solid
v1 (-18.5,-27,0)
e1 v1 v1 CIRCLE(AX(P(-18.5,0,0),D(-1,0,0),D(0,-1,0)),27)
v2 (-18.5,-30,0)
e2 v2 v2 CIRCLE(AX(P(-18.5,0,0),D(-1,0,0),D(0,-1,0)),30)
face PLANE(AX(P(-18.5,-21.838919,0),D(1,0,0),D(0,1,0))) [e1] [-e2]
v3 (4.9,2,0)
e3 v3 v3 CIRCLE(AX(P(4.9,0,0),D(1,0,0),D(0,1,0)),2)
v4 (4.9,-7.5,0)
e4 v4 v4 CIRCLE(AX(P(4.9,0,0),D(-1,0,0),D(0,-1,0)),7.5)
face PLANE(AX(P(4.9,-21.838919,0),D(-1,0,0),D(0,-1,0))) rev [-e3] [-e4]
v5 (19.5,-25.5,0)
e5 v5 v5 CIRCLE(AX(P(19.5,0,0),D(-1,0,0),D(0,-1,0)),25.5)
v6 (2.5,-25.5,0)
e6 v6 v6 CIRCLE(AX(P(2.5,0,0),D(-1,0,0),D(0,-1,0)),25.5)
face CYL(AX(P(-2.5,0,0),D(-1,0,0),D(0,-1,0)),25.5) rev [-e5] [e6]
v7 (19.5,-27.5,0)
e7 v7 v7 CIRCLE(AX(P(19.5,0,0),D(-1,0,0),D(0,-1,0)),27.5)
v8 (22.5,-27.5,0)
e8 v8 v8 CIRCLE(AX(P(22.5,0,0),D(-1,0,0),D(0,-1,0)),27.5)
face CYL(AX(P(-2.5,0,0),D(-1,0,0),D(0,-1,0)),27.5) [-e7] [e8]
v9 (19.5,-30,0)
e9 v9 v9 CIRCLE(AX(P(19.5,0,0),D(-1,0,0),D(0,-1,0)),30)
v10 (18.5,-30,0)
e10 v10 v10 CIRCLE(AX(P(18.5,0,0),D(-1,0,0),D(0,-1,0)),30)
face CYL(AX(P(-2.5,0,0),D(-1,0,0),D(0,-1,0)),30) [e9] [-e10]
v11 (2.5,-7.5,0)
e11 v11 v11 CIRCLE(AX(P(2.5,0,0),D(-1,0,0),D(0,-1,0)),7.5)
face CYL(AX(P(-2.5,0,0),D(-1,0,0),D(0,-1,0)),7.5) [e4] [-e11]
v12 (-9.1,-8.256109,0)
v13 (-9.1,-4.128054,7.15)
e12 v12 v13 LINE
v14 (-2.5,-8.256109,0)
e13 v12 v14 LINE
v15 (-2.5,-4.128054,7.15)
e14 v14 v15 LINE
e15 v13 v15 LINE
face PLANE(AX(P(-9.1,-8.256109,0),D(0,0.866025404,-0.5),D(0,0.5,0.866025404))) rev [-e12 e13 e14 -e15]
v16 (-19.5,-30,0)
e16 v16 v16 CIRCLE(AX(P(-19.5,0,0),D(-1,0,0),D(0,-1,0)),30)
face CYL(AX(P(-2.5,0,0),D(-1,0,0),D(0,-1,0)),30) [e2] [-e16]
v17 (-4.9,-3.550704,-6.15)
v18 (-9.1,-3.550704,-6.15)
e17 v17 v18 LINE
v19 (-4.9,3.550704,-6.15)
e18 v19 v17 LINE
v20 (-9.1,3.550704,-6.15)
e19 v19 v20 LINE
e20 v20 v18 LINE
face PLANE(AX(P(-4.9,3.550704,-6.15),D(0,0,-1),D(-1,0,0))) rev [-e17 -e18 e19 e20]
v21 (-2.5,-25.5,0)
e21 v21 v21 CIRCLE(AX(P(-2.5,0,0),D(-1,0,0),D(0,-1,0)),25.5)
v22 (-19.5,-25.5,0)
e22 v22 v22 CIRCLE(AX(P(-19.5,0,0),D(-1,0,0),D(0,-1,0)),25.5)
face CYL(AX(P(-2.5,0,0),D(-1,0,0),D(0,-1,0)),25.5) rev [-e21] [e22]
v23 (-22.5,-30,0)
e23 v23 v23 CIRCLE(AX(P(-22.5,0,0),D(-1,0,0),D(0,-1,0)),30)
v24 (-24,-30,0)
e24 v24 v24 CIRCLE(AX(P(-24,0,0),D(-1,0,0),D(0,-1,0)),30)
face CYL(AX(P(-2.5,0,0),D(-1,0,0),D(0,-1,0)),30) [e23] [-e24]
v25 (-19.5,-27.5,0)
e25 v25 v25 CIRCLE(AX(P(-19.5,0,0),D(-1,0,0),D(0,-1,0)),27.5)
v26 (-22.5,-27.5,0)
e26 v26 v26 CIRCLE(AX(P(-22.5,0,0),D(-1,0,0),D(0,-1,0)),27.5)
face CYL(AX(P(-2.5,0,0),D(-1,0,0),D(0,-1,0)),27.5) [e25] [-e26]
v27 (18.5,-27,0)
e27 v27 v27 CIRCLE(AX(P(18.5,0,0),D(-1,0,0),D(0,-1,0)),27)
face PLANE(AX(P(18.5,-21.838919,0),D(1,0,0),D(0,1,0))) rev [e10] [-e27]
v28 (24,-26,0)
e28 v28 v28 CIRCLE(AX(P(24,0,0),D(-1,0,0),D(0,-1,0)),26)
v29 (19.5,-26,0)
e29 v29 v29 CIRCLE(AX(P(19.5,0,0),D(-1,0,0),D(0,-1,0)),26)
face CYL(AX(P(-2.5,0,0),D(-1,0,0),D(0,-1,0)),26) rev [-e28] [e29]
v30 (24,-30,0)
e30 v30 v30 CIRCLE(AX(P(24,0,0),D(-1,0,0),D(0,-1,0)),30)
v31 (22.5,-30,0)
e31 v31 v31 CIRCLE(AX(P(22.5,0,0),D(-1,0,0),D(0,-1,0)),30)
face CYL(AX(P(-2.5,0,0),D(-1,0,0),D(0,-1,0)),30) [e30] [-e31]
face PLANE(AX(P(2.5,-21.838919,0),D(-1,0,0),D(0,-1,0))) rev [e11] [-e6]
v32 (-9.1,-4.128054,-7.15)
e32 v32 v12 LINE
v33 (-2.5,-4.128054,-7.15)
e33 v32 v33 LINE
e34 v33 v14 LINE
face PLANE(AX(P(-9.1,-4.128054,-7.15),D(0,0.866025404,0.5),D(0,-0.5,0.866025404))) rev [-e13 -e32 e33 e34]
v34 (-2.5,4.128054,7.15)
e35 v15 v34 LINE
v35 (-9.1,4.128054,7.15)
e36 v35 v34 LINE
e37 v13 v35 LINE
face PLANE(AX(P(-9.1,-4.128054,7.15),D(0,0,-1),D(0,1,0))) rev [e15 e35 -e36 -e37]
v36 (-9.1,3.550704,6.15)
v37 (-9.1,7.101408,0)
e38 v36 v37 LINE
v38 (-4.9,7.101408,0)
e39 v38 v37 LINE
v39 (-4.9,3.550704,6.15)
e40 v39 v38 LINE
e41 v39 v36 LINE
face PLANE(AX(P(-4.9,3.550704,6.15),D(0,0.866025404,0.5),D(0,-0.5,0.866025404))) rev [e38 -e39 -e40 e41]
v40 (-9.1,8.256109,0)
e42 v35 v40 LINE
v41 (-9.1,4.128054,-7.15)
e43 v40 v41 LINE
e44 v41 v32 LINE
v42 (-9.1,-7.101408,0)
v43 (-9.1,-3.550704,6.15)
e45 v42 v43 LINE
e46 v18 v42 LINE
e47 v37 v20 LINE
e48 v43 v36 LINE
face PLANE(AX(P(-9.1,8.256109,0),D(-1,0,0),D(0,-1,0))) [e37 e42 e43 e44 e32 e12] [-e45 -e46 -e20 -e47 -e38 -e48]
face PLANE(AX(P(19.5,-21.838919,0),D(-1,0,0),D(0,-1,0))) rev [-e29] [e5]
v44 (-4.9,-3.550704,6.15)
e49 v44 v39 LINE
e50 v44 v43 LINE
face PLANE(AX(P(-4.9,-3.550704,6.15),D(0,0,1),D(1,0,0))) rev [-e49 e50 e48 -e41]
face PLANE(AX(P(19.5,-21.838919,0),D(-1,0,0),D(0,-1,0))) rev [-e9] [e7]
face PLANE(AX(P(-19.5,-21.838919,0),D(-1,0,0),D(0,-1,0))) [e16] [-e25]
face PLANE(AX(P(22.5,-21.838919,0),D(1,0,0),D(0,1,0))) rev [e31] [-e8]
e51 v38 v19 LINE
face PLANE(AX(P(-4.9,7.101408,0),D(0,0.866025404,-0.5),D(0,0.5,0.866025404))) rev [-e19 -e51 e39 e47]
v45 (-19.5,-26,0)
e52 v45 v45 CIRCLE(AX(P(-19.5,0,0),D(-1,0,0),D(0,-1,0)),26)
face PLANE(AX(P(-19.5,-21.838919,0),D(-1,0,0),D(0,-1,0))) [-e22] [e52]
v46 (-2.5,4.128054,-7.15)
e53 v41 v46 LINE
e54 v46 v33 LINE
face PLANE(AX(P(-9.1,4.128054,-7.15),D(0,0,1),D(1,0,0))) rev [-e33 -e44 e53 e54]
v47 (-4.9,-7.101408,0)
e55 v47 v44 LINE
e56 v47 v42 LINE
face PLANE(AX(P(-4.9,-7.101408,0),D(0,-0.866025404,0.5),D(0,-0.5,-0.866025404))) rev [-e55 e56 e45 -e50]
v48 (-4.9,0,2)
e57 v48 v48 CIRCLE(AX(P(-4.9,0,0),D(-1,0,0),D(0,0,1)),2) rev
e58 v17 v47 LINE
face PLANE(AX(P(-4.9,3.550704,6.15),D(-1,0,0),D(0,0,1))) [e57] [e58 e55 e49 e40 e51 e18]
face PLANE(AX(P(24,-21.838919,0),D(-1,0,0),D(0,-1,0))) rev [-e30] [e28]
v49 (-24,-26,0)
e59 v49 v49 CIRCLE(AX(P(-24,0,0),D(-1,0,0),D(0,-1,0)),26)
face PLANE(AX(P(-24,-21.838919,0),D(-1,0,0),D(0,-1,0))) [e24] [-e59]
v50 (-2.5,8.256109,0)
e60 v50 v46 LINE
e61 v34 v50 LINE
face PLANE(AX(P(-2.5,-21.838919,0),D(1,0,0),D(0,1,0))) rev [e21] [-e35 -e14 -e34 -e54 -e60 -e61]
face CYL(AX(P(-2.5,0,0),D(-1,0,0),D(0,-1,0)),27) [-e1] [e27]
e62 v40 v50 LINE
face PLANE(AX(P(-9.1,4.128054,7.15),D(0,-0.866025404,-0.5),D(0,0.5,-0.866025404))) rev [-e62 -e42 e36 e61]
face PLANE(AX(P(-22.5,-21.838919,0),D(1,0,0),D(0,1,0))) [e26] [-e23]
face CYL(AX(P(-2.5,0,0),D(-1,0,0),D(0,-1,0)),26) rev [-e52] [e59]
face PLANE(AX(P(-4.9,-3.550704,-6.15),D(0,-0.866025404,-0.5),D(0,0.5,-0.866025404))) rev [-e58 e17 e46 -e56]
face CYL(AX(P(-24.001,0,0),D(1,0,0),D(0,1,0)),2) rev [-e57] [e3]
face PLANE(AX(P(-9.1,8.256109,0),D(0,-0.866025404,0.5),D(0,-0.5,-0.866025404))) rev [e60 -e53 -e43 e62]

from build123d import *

# Parameters (mm, degrees)
CORTAR_EXTRUIR1_REACH   = 53.334
CROQUIS2_R              = 2
CROQUIS3_R              = 2
SALIENTE_EXTRUIR1_DEPTH = 6.6
CORTAR_EXTRUIR2_DEPTH   = 4.2


with BuildPart() as part:
    # Croquis1 → Revolución1 (revolve)
    with BuildSketch(Plane.XY, mode=Mode.PRIVATE) as revoluci_n1_sk:
        Polygon((-2.5, 7.5), (-2.5, 0), (4.9, 0), (4.9, 7.5), (2.5, 7.5), (2.5, 25.5), (19.5, 25.5), (19.5, 26), (24, 26), (24, 30), (22.5, 30), (22.5, 27.5), (19.5, 27.5), (19.5, 30), (18.5, 30), (18.5, 27), (-18.5, 27), (-18.5, 30), (-19.5, 30), (-19.5, 27.5), (-22.5, 27.5), (-22.5, 30), (-24, 30), (-24, 26), (-19.5, 26), (-19.5, 25.5), (-2.5, 25.5), align=None)
    revolve(revoluci_n1_sk.sketch.rotate(Axis((-2.5, 0, 0), (1, 0, 0)), 180), axis=Axis((-2.5, 0, 0), (1, 0, 0)))

    # Croquis2 → Cortar-Extruir1 (cut, up to next)
    with BuildSketch(Plane(origin=(4.9, 0, 0), x_dir=(0, 0, -1), z_dir=(1, 0, 0)), mode=Mode.PRIVATE) as cortar_extruir1_sk1:
        with Locations(Location((0, 0, 0), (0, 0, 90))):
            Circle(CROQUIS2_R)
    cortar_extruir1_tool1 = extrude(cortar_extruir1_sk1.sketch, amount=-CORTAR_EXTRUIR1_REACH, mode=Mode.PRIVATE) & part.part
    add(cortar_extruir1_tool1.solids().sort_by_distance((4.9, 0, 0))[0], mode=Mode.SUBTRACT)

    # Croquis3 → Saliente-Extruir1 (add)
    with BuildSketch(Plane.ZY.offset(2.5)):
        Polygon((0, 8.256108849), (-7.15, 4.128054425), (-7.15, -4.128054425), (0, -8.256108849), (7.15, -4.128054425), (7.15, 4.128054425), align=None)
        with Locations(Location((0, 0, 0), (0, 0, 90))):
            Circle(CROQUIS3_R, mode=Mode.SUBTRACT)
    extrude(amount=SALIENTE_EXTRUIR1_DEPTH)

    # Croquis4 → Cortar-Extruir2 (cut)
    with BuildSketch(Plane.ZY.offset(9.1)):
        Polygon((6.15, 3.550704156), (0, 7.101408311), (-6.15, 3.550704156), (-6.15, -3.550704156), (0, -7.101408311), (6.15, -3.550704156), align=None)
    extrude(amount=-CORTAR_EXTRUIR2_DEPTH, mode=Mode.SUBTRACT)


solid = part.part
